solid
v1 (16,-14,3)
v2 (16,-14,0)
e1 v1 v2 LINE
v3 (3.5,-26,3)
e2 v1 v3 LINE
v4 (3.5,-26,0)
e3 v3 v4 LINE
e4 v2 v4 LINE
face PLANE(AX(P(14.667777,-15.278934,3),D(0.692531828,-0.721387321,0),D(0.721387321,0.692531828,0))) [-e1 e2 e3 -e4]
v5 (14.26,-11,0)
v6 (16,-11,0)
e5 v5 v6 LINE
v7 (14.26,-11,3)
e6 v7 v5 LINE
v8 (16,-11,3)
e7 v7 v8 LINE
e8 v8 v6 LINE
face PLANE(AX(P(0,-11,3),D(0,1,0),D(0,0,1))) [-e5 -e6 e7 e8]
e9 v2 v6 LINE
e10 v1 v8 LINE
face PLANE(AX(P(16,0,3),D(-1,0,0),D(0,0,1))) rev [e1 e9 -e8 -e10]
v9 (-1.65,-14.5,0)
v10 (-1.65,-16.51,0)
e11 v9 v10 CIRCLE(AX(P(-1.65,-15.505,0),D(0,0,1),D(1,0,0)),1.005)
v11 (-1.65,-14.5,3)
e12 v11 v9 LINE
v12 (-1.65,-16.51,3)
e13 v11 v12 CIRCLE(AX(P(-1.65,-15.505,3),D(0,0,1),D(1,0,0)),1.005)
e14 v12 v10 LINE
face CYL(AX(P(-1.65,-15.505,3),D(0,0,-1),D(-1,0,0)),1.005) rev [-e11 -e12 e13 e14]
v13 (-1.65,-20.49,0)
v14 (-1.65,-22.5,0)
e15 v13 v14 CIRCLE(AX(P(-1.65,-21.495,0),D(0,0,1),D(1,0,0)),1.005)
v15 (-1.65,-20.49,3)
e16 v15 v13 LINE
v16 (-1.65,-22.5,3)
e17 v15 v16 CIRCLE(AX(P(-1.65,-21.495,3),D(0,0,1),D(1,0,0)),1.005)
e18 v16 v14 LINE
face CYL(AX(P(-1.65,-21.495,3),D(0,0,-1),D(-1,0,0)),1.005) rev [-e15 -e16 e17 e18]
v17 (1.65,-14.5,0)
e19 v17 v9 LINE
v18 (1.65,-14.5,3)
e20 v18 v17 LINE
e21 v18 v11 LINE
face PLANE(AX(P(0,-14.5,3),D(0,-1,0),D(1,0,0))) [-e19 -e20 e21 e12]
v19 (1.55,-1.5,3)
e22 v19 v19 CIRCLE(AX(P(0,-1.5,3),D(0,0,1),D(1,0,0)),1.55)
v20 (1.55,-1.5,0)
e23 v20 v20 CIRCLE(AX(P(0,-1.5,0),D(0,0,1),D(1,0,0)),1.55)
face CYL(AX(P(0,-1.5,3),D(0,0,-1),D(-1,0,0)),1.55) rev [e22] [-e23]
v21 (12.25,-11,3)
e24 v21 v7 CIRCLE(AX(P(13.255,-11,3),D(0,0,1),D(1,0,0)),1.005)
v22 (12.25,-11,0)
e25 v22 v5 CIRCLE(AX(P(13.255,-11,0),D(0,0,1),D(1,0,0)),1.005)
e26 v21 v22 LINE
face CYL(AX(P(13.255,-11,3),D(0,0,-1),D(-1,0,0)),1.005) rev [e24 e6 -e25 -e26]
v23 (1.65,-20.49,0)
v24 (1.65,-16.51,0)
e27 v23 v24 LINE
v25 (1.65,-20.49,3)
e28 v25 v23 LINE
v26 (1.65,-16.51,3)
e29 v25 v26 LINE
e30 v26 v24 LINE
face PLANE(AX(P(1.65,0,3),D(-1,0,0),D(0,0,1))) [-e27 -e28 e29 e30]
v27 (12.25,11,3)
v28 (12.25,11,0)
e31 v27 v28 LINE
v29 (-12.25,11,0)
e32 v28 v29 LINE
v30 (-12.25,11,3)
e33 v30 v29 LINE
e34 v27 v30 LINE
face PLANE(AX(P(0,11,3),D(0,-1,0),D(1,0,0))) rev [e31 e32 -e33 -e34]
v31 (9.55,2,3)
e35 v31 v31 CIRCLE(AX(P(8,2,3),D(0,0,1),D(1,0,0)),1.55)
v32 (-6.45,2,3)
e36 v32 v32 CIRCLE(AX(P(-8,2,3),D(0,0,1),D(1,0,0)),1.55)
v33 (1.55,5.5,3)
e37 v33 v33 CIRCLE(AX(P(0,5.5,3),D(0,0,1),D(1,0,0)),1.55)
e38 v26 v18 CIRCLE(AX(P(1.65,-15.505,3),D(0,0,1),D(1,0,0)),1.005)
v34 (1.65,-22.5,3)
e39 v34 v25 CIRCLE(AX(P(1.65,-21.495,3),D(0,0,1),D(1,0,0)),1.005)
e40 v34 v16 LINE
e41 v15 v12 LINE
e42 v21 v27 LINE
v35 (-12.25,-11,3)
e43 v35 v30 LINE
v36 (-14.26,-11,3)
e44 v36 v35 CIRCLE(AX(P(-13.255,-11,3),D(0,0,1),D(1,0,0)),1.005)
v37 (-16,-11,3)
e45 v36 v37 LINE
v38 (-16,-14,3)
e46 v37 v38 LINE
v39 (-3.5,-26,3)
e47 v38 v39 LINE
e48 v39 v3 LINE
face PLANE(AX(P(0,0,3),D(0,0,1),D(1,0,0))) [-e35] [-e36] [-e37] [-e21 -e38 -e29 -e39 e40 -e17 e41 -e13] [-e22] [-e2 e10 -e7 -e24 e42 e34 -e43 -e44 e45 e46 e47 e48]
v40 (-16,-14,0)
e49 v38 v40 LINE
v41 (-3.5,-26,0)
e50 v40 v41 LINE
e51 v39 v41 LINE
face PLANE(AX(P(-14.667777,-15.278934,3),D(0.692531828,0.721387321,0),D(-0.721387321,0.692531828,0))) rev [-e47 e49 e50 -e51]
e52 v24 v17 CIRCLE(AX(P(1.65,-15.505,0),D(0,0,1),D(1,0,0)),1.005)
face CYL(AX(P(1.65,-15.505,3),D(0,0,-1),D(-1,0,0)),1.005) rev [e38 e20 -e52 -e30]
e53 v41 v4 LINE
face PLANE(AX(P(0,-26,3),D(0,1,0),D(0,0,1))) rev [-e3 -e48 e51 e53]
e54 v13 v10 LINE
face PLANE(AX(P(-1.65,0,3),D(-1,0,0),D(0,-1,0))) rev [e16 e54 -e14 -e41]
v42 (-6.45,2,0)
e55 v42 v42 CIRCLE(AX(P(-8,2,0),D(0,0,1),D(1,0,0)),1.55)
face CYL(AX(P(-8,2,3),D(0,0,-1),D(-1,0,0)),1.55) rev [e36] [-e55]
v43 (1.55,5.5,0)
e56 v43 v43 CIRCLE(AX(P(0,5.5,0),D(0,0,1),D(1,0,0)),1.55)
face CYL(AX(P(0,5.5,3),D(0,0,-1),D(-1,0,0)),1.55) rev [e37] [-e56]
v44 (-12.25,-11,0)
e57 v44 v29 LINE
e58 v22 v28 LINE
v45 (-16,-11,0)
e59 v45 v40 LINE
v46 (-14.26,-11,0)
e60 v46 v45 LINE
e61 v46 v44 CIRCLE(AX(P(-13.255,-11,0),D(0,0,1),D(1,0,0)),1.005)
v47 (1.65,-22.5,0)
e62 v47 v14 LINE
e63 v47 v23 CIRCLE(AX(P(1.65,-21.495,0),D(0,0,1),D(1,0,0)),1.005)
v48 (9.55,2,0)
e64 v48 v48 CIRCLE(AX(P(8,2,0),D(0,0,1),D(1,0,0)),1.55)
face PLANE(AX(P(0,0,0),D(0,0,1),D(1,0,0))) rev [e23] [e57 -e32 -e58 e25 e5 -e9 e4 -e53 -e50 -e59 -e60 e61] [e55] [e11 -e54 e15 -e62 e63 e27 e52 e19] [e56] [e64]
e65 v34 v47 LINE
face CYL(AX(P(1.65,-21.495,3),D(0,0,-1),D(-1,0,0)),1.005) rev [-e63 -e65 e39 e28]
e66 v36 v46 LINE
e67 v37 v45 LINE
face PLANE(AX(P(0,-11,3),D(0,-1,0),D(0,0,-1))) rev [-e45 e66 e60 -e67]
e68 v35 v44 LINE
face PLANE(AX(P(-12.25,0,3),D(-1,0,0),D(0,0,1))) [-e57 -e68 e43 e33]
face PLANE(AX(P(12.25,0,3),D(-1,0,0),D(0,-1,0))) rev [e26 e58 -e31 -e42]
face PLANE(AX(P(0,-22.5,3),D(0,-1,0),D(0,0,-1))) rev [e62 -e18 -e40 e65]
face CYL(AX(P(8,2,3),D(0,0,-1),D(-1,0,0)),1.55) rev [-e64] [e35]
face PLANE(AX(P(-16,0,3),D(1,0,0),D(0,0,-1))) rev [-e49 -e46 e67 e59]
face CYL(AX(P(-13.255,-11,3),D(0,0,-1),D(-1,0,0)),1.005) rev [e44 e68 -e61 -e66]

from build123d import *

# Parameters (mm, degrees)
SKETCH_1_R      = 1.55
EXTRUDE_1_DEPTH = 3


with BuildPart() as part:
    # 草图1 → 凸台-拉伸1 (new body)
    with BuildSketch(Plane.XY):
        with BuildLine():
            Line((-12.25, 11), (-12.25, -11))
            ThreePointArc((-12.25, -11), (-13.255, -12.005), (-14.26, -11))
            Line((-14.26, -11), (-16, -11))
            Line((-16, -11), (-16, -14))
            Line((-16, -14), (-3.5, -26))
            Line((-3.5, -26), (3.5, -26))
            Line((3.5, -26), (16, -14))
            Line((16, -14), (16, -11))
            Line((16, -11), (14.26, -11))
            ThreePointArc((14.26, -11), (13.255, -12.005), (12.25, -11))
            Line((12.25, -11), (12.25, 11))
            Line((12.25, 11), (-12.25, 11))
        make_face()
        with BuildLine():
            ThreePointArc((2.655, -21.495), (2.360642315, -22.205642315), (1.65, -22.5))
            Line((1.65, -22.5), (-1.65, -22.5))
            ThreePointArc((-1.65, -22.5), (-2.655, -21.495), (-1.65, -20.49))
            Line((-1.65, -20.49), (-1.65, -16.51))
            ThreePointArc((-1.65, -16.51), (-2.655, -15.505), (-1.65, -14.5))
            Line((-1.65, -14.5), (1.65, -14.5))
            ThreePointArc((1.65, -14.5), (2.360642315, -14.794357685), (2.655, -15.505))
            ThreePointArc((2.655, -15.505), (2.360642315, -16.215642315), (1.65, -16.51))
            Line((1.65, -16.51), (1.65, -20.49))
            ThreePointArc((1.65, -20.49), (2.360642315, -20.784357685), (2.655, -21.495))
        make_face(mode=Mode.SUBTRACT)
        with Locations((-8, 2)):
            Circle(SKETCH_1_R, mode=Mode.SUBTRACT)
        with Locations((0, -1.5)):
            Circle(SKETCH_1_R, mode=Mode.SUBTRACT)
        with Locations((0, 5.5)):
            Circle(SKETCH_1_R, mode=Mode.SUBTRACT)
        with Locations((8, 2)):
            Circle(SKETCH_1_R, mode=Mode.SUBTRACT)
    extrude(amount=EXTRUDE_1_DEPTH)


solid = part.part
